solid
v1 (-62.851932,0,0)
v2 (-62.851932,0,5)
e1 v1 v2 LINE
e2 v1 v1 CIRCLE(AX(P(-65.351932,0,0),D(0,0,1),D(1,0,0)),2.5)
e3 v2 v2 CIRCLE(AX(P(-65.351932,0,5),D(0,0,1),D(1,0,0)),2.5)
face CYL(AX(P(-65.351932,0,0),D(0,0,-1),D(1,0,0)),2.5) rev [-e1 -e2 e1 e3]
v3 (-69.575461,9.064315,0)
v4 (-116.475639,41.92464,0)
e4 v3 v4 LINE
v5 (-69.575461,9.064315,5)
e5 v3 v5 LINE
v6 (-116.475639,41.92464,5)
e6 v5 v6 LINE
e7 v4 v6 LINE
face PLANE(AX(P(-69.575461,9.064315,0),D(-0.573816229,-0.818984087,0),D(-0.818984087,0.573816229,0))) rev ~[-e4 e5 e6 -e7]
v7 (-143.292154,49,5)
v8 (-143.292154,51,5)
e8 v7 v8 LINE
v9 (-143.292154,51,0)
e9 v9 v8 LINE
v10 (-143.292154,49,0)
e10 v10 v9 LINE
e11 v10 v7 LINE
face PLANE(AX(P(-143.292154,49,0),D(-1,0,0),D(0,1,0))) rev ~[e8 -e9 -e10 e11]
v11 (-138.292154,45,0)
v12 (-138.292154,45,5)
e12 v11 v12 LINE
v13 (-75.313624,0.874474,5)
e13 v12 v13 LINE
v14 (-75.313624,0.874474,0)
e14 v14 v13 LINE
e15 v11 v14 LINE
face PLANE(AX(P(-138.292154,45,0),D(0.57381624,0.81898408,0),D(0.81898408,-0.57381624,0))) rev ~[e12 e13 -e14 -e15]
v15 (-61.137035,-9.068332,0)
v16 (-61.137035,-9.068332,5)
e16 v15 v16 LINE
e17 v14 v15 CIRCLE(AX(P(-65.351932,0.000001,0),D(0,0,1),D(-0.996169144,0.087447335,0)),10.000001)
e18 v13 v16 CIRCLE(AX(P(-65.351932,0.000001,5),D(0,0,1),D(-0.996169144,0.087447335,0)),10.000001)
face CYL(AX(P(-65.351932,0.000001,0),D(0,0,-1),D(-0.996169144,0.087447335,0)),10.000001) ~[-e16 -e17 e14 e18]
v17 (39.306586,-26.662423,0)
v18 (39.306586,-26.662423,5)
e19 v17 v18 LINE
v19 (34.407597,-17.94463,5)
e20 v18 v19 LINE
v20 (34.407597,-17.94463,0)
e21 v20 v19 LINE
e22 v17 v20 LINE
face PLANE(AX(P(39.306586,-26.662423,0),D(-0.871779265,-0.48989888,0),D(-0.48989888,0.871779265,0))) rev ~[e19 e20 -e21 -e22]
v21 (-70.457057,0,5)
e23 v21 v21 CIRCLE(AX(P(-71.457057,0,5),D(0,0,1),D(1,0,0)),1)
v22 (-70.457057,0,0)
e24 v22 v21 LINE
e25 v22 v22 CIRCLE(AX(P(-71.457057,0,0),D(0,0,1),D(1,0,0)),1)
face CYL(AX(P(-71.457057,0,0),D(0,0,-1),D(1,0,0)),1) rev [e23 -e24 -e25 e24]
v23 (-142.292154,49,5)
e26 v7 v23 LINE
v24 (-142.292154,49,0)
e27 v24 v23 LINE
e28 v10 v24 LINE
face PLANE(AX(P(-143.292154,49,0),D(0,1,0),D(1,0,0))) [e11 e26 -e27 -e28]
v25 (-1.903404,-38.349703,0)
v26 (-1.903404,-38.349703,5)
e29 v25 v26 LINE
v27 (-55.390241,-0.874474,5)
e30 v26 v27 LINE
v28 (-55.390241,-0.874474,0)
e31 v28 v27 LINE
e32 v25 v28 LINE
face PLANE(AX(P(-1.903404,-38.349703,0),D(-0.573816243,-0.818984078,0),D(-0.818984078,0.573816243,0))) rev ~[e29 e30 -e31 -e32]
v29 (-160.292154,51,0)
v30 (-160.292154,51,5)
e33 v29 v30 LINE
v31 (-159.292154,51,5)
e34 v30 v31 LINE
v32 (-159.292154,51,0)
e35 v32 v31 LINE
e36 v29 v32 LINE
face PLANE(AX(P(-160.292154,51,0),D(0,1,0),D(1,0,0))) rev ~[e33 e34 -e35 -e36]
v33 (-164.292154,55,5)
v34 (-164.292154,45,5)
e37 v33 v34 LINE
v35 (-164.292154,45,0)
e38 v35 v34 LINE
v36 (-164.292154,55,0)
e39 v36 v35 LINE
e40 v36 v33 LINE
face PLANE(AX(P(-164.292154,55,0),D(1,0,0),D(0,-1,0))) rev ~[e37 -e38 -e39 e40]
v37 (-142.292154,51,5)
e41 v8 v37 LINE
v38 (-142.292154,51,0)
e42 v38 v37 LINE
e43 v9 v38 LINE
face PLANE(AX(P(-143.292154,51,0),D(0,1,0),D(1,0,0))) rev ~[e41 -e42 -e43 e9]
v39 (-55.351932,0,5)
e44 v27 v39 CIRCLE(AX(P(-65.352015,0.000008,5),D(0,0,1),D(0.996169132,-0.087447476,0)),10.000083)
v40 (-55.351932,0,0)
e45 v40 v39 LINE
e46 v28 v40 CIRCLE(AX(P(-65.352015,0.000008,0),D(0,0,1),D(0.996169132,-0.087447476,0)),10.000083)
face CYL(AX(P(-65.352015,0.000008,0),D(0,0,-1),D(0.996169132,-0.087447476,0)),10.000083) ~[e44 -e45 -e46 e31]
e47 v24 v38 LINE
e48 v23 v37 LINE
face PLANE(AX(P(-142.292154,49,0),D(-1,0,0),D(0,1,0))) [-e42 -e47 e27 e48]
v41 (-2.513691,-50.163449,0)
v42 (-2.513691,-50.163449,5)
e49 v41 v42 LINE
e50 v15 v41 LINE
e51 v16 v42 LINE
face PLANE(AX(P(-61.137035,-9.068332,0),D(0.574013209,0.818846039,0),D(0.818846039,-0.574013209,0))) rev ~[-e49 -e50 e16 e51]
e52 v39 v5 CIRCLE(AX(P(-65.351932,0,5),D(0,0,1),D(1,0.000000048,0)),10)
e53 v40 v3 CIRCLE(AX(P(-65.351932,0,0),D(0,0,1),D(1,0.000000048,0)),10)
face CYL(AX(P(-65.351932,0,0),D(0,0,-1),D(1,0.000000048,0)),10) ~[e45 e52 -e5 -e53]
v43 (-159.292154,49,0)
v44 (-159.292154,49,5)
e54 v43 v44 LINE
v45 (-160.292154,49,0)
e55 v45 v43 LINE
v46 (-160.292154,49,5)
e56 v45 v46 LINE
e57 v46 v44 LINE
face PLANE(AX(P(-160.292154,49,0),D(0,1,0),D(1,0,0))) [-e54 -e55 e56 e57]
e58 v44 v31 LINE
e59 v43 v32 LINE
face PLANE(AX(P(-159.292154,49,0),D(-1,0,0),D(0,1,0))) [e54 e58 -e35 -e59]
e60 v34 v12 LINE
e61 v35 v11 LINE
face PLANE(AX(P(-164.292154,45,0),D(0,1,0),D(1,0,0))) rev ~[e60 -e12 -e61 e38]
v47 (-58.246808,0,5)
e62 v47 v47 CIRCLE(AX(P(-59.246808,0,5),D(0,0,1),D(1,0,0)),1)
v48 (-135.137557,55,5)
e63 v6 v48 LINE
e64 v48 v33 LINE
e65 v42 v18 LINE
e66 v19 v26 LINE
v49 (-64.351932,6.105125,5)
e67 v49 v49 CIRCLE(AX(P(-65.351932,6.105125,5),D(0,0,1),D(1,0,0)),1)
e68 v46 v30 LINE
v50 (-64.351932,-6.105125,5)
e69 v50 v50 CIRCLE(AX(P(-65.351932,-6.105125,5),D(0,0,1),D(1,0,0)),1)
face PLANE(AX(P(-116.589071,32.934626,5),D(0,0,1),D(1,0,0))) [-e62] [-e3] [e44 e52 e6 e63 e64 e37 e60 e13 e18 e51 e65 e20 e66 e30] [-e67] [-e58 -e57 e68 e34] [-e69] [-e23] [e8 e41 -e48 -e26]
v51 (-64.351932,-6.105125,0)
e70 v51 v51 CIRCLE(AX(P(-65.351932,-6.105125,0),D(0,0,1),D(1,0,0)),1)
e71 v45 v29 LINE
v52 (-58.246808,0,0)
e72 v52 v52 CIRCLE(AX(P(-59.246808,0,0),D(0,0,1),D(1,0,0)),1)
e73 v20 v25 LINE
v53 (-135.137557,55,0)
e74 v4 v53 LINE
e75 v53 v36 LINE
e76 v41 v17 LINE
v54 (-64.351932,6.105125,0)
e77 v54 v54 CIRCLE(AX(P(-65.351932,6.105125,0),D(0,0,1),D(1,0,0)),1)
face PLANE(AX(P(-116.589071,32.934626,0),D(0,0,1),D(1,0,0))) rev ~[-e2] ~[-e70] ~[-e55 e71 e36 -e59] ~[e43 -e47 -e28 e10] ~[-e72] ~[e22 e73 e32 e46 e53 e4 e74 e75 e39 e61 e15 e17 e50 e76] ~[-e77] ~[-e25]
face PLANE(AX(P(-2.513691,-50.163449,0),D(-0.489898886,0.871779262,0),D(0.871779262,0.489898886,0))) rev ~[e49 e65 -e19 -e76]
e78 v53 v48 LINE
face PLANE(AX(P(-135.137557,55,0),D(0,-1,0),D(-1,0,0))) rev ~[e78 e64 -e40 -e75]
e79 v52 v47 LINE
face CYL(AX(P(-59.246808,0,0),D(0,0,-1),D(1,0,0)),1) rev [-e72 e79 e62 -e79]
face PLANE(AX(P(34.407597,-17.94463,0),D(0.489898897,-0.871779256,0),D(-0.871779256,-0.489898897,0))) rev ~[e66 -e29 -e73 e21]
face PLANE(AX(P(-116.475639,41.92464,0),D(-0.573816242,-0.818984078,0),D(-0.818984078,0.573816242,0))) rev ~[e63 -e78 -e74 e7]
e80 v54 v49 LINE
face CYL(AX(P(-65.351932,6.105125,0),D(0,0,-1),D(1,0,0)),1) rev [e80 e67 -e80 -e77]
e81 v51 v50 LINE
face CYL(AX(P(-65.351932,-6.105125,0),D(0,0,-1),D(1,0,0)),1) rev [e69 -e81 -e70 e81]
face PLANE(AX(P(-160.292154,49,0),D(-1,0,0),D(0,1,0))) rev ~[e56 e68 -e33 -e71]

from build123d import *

# Parameters (mm, degrees)
F0_W     = 1
F0_H     = 2
F0_R     = 1
F0_R_2   = 2.5
F1_DEPTH = 5


with BuildPart() as f1:
    # F0 (on Top) → F1 (new body)
    with BuildSketch(Plane.XY):
        with BuildLine():
            Line((-69.575461, 9.064315), (-116.475639, 41.92464))
            Line((-116.475639, 41.92464), (-135.137557, 55))
            Line((-135.137557, 55), (-164.292154, 55))
            Line((-164.292154, 55), (-164.292154, 45))
            Line((-164.292154, 45), (-138.292154, 45))
            Line((-138.292154, 45), (-75.313624, 0.874474))
            ThreePointArc((-75.313624, 0.874474), (-73.541773, 5.738162), (-69.575461, 9.064315))
        make_face()
        with Locations((-159.792154, 50)):
            Rectangle(F0_W, F0_H, mode=Mode.SUBTRACT)
        with Locations((-142.792154, 50)):
            Rectangle(F0_W, F0_H, mode=Mode.SUBTRACT)
        with BuildLine():
            ThreePointArc((-55.351932, 0), (-59.977702, 8.433128), (-69.575461, 9.064315))
            ThreePointArc((-69.575461, 9.064315), (-73.541773, 5.738162), (-75.313624, 0.874474))
            ThreePointArc((-75.313624, 0.874474), (-71.093993, -8.187108), (-61.137035, -9.068332))
            ThreePointArc((-61.137035, -9.068332), (-57.164824, -5.74206), (-55.390241, -0.874474))
            ThreePointArc((-55.390241, -0.874474), (-55.361514, -0.437656), (-55.351932, 0))
        make_face()
        with Locations((-65.351932, -6.105125)):
            Circle(F0_R, mode=Mode.SUBTRACT)
        with Locations((-71.457057, 0)):
            Circle(F0_R, mode=Mode.SUBTRACT)
        with Locations((-65.351932, 0)):
            Circle(F0_R_2, mode=Mode.SUBTRACT)
        with Locations((-59.246808, 0)):
            Circle(F0_R, mode=Mode.SUBTRACT)
        with Locations((-65.351932, 6.105125)):
            Circle(F0_R, mode=Mode.SUBTRACT)
        with BuildLine():
            Line((-1.903404, -38.349703), (-55.390241, -0.874474))
            ThreePointArc((-55.390241, -0.874474), (-57.164824, -5.74206), (-61.137035, -9.068332))
            Line((-61.137035, -9.068332), (-2.513691, -50.163449))
            Line((-2.513691, -50.163449), (39.306586, -26.662423))
            Line((39.306586, -26.662423), (34.407597, -17.94463))
            Line((34.407597, -17.94463), (-1.903404, -38.349703))
        make_face()
    extrude(amount=F1_DEPTH)


solid = f1.part
